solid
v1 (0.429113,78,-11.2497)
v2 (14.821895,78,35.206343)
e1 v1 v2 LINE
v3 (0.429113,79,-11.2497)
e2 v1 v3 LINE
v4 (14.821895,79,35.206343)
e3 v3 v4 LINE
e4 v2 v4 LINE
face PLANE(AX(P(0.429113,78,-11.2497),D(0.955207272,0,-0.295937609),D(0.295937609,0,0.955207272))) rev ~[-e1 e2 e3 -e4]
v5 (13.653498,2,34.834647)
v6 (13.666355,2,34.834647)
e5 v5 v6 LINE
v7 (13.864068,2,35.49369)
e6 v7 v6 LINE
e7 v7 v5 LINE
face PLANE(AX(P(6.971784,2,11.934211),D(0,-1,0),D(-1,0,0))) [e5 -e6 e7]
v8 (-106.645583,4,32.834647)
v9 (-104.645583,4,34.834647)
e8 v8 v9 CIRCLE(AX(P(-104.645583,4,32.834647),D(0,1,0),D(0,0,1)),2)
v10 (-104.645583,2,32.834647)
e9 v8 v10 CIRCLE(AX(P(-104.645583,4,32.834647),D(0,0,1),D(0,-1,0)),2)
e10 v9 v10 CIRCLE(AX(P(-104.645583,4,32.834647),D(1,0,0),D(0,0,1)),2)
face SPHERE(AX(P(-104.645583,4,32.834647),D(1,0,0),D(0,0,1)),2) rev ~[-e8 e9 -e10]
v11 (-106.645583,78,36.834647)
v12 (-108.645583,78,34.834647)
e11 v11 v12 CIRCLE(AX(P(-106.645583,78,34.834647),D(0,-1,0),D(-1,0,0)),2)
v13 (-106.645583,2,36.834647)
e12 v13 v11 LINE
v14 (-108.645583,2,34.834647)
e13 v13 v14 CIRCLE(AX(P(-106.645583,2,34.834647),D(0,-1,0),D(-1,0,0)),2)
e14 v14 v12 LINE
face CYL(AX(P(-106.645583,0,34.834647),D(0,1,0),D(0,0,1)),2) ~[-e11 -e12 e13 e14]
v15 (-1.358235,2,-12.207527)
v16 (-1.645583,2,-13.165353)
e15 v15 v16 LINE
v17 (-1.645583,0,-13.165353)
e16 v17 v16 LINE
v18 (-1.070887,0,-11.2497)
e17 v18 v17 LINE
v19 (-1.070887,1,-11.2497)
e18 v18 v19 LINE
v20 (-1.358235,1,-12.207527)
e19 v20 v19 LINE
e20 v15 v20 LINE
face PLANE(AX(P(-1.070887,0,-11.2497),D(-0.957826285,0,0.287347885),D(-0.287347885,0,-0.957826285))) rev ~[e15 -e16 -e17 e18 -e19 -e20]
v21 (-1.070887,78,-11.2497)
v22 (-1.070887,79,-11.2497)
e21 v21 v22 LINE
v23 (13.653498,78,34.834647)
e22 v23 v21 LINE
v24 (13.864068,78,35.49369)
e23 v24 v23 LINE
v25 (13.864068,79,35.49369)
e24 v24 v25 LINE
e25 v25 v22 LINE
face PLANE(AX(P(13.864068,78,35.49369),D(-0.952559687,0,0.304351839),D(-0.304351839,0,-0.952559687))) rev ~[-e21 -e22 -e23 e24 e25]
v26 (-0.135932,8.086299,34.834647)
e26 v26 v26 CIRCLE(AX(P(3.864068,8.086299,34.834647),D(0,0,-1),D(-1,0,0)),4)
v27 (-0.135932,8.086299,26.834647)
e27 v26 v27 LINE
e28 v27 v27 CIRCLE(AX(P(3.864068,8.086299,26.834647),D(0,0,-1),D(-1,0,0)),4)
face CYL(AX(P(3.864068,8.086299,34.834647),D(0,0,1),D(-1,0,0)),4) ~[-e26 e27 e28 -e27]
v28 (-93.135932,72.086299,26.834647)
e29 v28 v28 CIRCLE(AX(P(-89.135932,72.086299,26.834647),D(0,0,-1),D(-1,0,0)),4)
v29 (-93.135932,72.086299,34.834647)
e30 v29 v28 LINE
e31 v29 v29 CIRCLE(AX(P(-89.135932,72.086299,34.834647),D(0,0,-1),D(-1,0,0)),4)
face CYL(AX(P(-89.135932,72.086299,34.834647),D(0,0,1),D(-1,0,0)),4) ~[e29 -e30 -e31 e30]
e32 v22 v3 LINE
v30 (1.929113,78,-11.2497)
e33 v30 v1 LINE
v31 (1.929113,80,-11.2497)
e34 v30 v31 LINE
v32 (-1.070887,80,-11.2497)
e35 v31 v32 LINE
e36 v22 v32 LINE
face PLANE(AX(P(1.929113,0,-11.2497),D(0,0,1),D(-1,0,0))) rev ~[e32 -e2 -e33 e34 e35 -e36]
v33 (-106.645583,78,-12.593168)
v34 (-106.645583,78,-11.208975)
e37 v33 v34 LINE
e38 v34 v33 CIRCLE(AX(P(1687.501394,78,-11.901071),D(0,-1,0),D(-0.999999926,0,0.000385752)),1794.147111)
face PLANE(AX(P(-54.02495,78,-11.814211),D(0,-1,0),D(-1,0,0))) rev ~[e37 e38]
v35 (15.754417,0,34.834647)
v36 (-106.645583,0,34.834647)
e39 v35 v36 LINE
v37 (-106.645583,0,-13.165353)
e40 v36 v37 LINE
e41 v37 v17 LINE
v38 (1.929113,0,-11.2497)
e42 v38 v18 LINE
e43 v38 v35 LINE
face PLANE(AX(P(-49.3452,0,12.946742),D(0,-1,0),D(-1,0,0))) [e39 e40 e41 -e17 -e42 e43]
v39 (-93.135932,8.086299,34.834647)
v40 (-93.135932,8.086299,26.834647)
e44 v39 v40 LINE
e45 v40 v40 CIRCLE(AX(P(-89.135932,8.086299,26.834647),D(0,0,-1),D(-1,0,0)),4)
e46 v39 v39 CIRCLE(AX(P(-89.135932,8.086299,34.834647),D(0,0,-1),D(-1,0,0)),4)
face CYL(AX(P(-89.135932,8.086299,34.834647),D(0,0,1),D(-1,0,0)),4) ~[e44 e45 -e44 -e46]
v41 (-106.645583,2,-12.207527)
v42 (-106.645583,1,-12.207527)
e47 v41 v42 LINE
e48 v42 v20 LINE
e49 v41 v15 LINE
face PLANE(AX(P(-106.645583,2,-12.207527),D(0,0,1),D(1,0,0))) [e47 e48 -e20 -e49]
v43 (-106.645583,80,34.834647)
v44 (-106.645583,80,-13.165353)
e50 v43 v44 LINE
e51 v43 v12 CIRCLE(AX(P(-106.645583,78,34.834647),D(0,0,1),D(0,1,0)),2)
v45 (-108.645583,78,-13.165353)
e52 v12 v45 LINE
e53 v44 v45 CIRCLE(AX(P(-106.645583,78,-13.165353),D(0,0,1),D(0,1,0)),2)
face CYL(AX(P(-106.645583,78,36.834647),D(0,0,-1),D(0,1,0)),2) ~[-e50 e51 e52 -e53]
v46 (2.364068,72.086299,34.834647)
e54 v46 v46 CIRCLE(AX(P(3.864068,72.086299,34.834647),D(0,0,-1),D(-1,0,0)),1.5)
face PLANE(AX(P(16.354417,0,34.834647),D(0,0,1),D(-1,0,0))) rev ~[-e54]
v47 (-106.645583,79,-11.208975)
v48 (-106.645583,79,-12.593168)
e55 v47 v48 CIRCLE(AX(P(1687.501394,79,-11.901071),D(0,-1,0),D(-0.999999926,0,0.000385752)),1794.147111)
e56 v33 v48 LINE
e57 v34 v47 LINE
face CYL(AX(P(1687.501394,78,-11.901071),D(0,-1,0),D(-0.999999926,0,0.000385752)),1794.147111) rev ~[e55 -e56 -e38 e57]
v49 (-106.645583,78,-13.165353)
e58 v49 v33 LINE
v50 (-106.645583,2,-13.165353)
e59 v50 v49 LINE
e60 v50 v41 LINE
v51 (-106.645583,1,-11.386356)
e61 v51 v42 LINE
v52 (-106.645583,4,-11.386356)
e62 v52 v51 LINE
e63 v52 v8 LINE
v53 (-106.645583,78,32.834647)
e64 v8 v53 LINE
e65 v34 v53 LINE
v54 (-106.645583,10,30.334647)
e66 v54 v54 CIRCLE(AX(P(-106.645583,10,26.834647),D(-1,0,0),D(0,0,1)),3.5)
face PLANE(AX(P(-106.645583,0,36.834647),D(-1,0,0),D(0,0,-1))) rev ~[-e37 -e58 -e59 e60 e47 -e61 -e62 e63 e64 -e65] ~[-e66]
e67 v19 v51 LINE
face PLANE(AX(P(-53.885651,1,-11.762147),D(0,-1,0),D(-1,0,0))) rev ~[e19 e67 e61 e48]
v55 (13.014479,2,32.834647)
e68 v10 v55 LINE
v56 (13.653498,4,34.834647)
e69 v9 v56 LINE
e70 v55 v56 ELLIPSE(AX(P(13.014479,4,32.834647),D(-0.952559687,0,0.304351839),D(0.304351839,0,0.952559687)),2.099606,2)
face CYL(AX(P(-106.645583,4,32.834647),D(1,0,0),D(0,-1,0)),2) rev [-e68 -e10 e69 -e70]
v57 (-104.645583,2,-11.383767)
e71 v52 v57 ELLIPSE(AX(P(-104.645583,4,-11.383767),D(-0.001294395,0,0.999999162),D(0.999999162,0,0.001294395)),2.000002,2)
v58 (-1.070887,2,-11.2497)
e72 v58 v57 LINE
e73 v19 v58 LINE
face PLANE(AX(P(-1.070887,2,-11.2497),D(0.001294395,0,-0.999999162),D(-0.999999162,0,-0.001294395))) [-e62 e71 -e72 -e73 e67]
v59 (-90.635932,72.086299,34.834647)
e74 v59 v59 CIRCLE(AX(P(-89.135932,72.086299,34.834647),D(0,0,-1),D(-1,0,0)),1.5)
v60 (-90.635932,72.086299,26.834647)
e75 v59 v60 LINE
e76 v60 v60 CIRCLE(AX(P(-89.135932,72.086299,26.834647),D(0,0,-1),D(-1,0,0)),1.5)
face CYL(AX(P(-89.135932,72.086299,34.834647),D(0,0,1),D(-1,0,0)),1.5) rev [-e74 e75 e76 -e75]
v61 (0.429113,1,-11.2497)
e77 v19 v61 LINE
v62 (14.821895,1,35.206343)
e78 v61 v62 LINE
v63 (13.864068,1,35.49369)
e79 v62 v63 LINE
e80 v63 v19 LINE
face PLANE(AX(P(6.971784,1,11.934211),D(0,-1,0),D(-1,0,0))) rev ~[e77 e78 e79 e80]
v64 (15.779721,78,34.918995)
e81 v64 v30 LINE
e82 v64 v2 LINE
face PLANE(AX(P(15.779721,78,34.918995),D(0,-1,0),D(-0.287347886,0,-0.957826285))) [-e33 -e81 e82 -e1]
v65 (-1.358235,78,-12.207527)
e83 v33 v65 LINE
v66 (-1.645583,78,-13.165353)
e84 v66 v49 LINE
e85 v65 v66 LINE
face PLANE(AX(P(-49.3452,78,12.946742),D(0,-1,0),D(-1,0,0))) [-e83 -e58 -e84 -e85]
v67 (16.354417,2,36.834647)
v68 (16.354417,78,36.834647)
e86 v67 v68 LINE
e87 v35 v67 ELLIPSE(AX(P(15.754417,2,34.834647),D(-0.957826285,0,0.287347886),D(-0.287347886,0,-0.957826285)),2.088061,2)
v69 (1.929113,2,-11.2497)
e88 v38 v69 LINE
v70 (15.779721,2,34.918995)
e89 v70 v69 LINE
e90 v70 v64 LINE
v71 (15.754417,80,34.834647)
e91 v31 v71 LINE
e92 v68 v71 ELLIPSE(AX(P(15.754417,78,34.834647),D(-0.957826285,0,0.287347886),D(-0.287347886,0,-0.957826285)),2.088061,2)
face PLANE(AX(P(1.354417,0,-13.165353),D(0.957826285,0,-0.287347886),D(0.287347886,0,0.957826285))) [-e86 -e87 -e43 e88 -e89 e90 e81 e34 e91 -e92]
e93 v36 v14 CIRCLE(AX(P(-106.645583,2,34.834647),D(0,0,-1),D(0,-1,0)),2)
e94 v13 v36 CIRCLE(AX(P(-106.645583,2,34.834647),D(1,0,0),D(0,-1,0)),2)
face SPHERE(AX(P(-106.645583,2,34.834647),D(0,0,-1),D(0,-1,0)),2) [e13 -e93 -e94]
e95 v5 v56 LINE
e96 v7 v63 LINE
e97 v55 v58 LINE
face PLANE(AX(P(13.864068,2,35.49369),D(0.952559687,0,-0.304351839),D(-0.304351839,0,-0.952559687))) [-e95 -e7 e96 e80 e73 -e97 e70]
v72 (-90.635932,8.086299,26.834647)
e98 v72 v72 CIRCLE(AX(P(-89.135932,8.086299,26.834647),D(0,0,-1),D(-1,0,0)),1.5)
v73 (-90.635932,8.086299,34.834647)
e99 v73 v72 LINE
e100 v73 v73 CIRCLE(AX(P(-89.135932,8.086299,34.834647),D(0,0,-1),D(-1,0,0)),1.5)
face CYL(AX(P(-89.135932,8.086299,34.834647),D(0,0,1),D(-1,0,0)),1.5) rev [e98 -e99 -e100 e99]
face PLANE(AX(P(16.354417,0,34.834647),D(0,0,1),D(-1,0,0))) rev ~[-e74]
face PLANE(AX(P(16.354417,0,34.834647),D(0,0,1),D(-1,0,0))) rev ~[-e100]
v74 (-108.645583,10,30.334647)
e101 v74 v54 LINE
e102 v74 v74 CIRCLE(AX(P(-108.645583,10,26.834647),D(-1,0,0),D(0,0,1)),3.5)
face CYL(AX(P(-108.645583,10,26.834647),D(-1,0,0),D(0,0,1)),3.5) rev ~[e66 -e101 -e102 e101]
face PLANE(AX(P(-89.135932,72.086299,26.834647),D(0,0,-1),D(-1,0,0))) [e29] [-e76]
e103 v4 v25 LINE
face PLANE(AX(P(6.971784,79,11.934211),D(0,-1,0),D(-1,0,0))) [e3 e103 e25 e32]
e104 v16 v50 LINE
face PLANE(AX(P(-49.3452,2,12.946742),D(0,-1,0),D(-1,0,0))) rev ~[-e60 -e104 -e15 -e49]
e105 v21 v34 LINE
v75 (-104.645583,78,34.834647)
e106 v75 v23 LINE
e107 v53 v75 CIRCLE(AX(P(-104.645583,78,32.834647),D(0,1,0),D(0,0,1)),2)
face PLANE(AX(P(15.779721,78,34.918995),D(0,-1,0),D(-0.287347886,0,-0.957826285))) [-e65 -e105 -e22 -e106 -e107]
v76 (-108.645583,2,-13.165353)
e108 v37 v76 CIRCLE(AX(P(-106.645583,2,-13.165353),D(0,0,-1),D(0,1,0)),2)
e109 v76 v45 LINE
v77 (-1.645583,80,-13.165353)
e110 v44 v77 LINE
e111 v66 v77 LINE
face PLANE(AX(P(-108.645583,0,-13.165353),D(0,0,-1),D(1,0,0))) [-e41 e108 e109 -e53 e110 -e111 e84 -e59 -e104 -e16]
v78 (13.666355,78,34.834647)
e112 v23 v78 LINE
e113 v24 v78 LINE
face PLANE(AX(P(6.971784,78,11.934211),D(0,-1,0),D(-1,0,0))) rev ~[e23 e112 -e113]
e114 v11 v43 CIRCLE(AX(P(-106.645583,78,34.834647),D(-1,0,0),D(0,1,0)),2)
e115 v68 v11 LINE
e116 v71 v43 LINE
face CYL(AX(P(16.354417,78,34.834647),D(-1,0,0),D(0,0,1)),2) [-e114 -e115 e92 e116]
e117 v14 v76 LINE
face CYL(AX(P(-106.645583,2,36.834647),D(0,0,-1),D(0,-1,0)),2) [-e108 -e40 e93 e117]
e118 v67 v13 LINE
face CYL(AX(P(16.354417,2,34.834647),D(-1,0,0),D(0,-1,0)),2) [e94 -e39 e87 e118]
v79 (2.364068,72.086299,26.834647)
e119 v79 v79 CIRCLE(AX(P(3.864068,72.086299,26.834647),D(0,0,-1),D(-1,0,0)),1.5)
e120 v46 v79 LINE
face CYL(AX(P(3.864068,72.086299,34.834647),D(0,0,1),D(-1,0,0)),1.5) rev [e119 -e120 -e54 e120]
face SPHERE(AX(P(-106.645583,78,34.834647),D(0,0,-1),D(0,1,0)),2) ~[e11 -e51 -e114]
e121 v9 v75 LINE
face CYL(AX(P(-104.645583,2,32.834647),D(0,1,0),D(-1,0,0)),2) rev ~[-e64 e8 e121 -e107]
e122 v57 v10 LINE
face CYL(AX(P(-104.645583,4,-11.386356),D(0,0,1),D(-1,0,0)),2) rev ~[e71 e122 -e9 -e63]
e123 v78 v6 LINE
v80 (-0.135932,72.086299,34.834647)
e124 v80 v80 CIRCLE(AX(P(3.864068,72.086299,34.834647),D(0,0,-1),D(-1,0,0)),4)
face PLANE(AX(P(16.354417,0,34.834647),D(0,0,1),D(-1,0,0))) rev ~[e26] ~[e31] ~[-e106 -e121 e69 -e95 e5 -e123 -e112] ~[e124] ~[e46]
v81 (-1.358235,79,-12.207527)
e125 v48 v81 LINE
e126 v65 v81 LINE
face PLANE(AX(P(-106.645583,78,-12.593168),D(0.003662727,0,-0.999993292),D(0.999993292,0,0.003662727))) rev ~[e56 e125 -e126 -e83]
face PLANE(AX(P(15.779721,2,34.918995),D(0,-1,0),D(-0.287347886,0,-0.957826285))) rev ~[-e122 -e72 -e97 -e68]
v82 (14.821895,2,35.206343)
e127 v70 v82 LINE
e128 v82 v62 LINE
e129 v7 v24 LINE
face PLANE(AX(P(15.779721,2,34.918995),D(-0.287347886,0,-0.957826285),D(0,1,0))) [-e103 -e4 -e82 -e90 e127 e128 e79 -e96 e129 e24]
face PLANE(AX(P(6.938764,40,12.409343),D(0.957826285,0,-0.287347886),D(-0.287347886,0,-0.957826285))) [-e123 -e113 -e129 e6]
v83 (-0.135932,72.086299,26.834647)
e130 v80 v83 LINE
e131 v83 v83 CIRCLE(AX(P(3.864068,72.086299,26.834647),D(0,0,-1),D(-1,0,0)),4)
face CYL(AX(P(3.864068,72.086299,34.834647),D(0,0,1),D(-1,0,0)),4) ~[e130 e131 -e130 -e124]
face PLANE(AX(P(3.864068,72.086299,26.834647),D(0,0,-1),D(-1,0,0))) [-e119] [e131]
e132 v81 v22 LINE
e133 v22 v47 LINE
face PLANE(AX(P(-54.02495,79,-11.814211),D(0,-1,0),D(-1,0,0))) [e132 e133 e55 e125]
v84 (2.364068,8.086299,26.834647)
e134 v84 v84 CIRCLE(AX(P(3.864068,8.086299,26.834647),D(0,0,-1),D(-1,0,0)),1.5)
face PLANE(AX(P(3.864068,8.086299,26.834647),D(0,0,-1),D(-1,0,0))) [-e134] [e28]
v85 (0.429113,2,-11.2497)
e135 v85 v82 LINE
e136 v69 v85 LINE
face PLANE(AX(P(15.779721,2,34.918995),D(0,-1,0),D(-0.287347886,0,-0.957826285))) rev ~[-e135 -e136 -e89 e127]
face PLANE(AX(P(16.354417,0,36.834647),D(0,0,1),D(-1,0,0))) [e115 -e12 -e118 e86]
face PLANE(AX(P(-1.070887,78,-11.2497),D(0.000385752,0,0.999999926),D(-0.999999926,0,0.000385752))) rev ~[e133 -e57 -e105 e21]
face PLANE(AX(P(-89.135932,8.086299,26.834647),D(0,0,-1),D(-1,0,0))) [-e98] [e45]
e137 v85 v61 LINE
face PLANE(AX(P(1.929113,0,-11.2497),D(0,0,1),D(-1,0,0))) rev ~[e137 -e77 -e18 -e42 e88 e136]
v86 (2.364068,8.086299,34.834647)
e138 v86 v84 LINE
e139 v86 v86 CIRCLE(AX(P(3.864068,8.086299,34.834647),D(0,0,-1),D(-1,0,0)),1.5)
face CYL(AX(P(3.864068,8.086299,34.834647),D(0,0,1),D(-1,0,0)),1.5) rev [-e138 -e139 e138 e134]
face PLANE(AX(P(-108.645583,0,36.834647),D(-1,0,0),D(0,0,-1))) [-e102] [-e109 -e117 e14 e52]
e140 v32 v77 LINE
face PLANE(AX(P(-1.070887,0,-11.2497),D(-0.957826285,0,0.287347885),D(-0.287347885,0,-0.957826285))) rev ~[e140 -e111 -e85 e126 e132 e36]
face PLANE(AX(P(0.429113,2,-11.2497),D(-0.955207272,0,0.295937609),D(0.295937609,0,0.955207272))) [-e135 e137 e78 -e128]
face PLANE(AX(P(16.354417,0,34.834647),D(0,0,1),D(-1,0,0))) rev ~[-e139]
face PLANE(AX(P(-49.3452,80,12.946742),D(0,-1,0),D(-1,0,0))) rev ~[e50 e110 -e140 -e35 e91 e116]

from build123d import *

# Parameters (mm, degrees)
BOSS_EXTRUDE1_DEPTH = 80
SHELL1_T            = -2
CUT_EXTRUDE2_DEPTH  = 92
CUT_EXTRUDE3_DEPTH  = 1
CUT_EXTRUDE4_DEPTH  = 1
SKETCH11_W          = 48.201532545
SKETCH11_H          = 76
CUT_EXTRUDE6_DEPTH  = 2
SKETCH12_W          = 2.088061302
SKETCH12_H          = 76
CUT_EXTRUDE7_DEPTH  = 2
CUT_EXTRUDE9_DEPTH  = 1
CUT_EXTRUDE10_DEPTH = 1
SKETCH16_R          = 3.5
CUT_EXTRUDE11_DEPTH = 2
SKETCH17_R          = 4
SKETCH17_R_2        = 1.5
BOSS_EXTRUDE2_DEPTH = 8
FILLET1_R           = 2


with BuildPart() as part:
    # Sketch2 → Boss-Extrude1 (new body)
    with BuildSketch(Plane(origin=(0, 0, 0), x_dir=(1, 0, 0), z_dir=(0, 1, 0))):
        Polygon((-108.645583258, -36.834647189), (-108.645583258, 13.165352811), (1.354416742, 13.165352811), (16.354416742, -36.834647189), align=None)
    extrude(amount=BOSS_EXTRUDE1_DEPTH)

    # Shell1
    shell1_openings = [part.faces().sort_by_distance(p)[0] for p in [
        (-53.645583258, 40, -13.165352811),
    ]]
    offset(amount=SHELL1_T, openings=shell1_openings, kind=Kind.INTERSECTION)

    # Sketch6 → Cut-Extrude2 (cut)
    with BuildSketch(Plane(origin=(0, 0, 0), x_dir=(-1, 0, 0), z_dir=(0, -1, 0))):
        Polygon((-1.354416742, 13.165352811), (-1.929112513, 11.24970024), (1.070887487, 11.24970024), (1.645583258, 13.165352811), align=None)
    extrude(amount=-CUT_EXTRUDE2_DEPTH, mode=Mode.SUBTRACT)

    # Sketch7 → Cut-Extrude3 (cut)
    with BuildSketch(Plane(origin=(0, 2, 0), x_dir=(1, 0, 0), z_dir=(0, 1, 0))):
        Polygon((-1.070887487, 11.24970024), (-106.645583258, 11.386355729), (-106.645583258, 12.207526526), (-1.358235373, 12.207526526), align=None)
    extrude(amount=-CUT_EXTRUDE3_DEPTH, mode=Mode.SUBTRACT)

    # Sketch9 → Cut-Extrude4 (cut)
    with BuildSketch(Plane(origin=(0, 78, 0), x_dir=(-1, 0, 0), z_dir=(0, -1, 0))):
        with BuildLine():
            Line((1.070887487, 11.24970024), (106.645583258, 11.208974605))
            ThreePointArc((106.645583258, 11.208974605), (106.645716747, 11.901071267), (106.645583258, 12.593167929))
            Line((106.645583258, 12.593167929), (1.358235373, 12.207526526))
            Line((1.358235373, 12.207526526), (1.070887487, 11.24970024))
        make_face()
    extrude(amount=-CUT_EXTRUDE4_DEPTH, mode=Mode.SUBTRACT)

    # Sketch11 → Cut-Extrude6 (cut)
    with BuildSketch(Plane(origin=(4.866075766, 0, -1.45982273), x_dir=(-0.287347886, 0, -0.957826285), z_dir=(0.957826285, 0, -0.287347886))):
        with Locations((-13.879834083, 40)):
            Rectangle(SKETCH11_W, SKETCH11_H)
    extrude(amount=-CUT_EXTRUDE6_DEPTH, mode=Mode.SUBTRACT)

    # Sketch12 → Cut-Extrude7 (cut)
    with BuildSketch(Plane(origin=(0, 0, -11.24970024), x_dir=(-1, 0, 0), z_dir=(0, 0, -1))):
        with Locations((-0.885081862, 40)):
            Rectangle(SKETCH12_W, SKETCH12_H)
    extrude(amount=-CUT_EXTRUDE7_DEPTH, mode=Mode.SUBTRACT)

    # Sketch14 → Cut-Extrude9 (cut)
    with BuildSketch(Plane(origin=(0, 2, 0), x_dir=(1, 0, 0), z_dir=(0, 1, 0))):
        Polygon((-1.070887487, 11.24970024), (0.429112513, 11.24970024), (14.821894685, -35.206342504), (13.8640684, -35.49369039), align=None)
    extrude(amount=-CUT_EXTRUDE9_DEPTH, mode=Mode.SUBTRACT)

    # Sketch15 → Cut-Extrude10 (cut)
    with BuildSketch(Plane(origin=(0, 78, 0), x_dir=(-1, 0, 0), z_dir=(0, -1, 0))):
        Polygon((-13.8640684, -35.49369039), (1.070887487, 11.24970024), (-0.429112513, 11.24970024), (-14.821894685, -35.206342504), align=None)
    extrude(amount=-CUT_EXTRUDE10_DEPTH, mode=Mode.SUBTRACT)

    # Sketch16 → Cut-Extrude11 (cut)
    with BuildSketch(Plane.ZY.offset(108.645583258)):
        with Locations((26.834647189, 10)):
            Circle(SKETCH16_R)
    extrude(amount=-CUT_EXTRUDE11_DEPTH, mode=Mode.SUBTRACT)

    # Sketch17 → Boss-Extrude2 (add)
    with BuildSketch(Plane(origin=(0, 0, 34.834647189), x_dir=(-1, 0, 0), z_dir=(0, 0, -1))):
        with Locations((89.1359316, 72.086299327)):
            Circle(SKETCH17_R)
        with Locations((89.1359316, 72.086299327)):
            Circle(SKETCH17_R_2, mode=Mode.SUBTRACT)
        with Locations((-3.8640684, 72.086299327)):
            Circle(SKETCH17_R)
        with Locations((-3.8640684, 72.086299327)):
            Circle(SKETCH17_R_2, mode=Mode.SUBTRACT)
        with Locations((-3.8640684, 8.086299327)):
            Circle(SKETCH17_R)
        with Locations((-3.8640684, 8.086299327)):
            Circle(SKETCH17_R_2, mode=Mode.SUBTRACT)
        with Locations((89.1359316, 8.086299327)):
            Circle(SKETCH17_R)
        with Locations((89.1359316, 8.086299327)):
            Circle(SKETCH17_R_2, mode=Mode.SUBTRACT)
    extrude(amount=BOSS_EXTRUDE2_DEPTH)

    # Fillet1
    fillet1_edges = [part.edges().sort_by_distance(p)[0] for p in [
        (-46.496042701, 2, 34.834647189),
        (-106.645583258, 40, 34.834647189),
        (-108.645583258, 80, 11.834647189),
        (-46.145583258, 80, 36.834647189),
        (-108.645583258, 0, 11.834647189),
        (-106.645583258, 2, 11.72414573),
        (-46.145583258, 0, 36.834647189),
        (-108.645583258, 40, 36.834647189),
    ]]
    fillet(fillet1_edges, radius=FILLET1_R)


solid = part.part
